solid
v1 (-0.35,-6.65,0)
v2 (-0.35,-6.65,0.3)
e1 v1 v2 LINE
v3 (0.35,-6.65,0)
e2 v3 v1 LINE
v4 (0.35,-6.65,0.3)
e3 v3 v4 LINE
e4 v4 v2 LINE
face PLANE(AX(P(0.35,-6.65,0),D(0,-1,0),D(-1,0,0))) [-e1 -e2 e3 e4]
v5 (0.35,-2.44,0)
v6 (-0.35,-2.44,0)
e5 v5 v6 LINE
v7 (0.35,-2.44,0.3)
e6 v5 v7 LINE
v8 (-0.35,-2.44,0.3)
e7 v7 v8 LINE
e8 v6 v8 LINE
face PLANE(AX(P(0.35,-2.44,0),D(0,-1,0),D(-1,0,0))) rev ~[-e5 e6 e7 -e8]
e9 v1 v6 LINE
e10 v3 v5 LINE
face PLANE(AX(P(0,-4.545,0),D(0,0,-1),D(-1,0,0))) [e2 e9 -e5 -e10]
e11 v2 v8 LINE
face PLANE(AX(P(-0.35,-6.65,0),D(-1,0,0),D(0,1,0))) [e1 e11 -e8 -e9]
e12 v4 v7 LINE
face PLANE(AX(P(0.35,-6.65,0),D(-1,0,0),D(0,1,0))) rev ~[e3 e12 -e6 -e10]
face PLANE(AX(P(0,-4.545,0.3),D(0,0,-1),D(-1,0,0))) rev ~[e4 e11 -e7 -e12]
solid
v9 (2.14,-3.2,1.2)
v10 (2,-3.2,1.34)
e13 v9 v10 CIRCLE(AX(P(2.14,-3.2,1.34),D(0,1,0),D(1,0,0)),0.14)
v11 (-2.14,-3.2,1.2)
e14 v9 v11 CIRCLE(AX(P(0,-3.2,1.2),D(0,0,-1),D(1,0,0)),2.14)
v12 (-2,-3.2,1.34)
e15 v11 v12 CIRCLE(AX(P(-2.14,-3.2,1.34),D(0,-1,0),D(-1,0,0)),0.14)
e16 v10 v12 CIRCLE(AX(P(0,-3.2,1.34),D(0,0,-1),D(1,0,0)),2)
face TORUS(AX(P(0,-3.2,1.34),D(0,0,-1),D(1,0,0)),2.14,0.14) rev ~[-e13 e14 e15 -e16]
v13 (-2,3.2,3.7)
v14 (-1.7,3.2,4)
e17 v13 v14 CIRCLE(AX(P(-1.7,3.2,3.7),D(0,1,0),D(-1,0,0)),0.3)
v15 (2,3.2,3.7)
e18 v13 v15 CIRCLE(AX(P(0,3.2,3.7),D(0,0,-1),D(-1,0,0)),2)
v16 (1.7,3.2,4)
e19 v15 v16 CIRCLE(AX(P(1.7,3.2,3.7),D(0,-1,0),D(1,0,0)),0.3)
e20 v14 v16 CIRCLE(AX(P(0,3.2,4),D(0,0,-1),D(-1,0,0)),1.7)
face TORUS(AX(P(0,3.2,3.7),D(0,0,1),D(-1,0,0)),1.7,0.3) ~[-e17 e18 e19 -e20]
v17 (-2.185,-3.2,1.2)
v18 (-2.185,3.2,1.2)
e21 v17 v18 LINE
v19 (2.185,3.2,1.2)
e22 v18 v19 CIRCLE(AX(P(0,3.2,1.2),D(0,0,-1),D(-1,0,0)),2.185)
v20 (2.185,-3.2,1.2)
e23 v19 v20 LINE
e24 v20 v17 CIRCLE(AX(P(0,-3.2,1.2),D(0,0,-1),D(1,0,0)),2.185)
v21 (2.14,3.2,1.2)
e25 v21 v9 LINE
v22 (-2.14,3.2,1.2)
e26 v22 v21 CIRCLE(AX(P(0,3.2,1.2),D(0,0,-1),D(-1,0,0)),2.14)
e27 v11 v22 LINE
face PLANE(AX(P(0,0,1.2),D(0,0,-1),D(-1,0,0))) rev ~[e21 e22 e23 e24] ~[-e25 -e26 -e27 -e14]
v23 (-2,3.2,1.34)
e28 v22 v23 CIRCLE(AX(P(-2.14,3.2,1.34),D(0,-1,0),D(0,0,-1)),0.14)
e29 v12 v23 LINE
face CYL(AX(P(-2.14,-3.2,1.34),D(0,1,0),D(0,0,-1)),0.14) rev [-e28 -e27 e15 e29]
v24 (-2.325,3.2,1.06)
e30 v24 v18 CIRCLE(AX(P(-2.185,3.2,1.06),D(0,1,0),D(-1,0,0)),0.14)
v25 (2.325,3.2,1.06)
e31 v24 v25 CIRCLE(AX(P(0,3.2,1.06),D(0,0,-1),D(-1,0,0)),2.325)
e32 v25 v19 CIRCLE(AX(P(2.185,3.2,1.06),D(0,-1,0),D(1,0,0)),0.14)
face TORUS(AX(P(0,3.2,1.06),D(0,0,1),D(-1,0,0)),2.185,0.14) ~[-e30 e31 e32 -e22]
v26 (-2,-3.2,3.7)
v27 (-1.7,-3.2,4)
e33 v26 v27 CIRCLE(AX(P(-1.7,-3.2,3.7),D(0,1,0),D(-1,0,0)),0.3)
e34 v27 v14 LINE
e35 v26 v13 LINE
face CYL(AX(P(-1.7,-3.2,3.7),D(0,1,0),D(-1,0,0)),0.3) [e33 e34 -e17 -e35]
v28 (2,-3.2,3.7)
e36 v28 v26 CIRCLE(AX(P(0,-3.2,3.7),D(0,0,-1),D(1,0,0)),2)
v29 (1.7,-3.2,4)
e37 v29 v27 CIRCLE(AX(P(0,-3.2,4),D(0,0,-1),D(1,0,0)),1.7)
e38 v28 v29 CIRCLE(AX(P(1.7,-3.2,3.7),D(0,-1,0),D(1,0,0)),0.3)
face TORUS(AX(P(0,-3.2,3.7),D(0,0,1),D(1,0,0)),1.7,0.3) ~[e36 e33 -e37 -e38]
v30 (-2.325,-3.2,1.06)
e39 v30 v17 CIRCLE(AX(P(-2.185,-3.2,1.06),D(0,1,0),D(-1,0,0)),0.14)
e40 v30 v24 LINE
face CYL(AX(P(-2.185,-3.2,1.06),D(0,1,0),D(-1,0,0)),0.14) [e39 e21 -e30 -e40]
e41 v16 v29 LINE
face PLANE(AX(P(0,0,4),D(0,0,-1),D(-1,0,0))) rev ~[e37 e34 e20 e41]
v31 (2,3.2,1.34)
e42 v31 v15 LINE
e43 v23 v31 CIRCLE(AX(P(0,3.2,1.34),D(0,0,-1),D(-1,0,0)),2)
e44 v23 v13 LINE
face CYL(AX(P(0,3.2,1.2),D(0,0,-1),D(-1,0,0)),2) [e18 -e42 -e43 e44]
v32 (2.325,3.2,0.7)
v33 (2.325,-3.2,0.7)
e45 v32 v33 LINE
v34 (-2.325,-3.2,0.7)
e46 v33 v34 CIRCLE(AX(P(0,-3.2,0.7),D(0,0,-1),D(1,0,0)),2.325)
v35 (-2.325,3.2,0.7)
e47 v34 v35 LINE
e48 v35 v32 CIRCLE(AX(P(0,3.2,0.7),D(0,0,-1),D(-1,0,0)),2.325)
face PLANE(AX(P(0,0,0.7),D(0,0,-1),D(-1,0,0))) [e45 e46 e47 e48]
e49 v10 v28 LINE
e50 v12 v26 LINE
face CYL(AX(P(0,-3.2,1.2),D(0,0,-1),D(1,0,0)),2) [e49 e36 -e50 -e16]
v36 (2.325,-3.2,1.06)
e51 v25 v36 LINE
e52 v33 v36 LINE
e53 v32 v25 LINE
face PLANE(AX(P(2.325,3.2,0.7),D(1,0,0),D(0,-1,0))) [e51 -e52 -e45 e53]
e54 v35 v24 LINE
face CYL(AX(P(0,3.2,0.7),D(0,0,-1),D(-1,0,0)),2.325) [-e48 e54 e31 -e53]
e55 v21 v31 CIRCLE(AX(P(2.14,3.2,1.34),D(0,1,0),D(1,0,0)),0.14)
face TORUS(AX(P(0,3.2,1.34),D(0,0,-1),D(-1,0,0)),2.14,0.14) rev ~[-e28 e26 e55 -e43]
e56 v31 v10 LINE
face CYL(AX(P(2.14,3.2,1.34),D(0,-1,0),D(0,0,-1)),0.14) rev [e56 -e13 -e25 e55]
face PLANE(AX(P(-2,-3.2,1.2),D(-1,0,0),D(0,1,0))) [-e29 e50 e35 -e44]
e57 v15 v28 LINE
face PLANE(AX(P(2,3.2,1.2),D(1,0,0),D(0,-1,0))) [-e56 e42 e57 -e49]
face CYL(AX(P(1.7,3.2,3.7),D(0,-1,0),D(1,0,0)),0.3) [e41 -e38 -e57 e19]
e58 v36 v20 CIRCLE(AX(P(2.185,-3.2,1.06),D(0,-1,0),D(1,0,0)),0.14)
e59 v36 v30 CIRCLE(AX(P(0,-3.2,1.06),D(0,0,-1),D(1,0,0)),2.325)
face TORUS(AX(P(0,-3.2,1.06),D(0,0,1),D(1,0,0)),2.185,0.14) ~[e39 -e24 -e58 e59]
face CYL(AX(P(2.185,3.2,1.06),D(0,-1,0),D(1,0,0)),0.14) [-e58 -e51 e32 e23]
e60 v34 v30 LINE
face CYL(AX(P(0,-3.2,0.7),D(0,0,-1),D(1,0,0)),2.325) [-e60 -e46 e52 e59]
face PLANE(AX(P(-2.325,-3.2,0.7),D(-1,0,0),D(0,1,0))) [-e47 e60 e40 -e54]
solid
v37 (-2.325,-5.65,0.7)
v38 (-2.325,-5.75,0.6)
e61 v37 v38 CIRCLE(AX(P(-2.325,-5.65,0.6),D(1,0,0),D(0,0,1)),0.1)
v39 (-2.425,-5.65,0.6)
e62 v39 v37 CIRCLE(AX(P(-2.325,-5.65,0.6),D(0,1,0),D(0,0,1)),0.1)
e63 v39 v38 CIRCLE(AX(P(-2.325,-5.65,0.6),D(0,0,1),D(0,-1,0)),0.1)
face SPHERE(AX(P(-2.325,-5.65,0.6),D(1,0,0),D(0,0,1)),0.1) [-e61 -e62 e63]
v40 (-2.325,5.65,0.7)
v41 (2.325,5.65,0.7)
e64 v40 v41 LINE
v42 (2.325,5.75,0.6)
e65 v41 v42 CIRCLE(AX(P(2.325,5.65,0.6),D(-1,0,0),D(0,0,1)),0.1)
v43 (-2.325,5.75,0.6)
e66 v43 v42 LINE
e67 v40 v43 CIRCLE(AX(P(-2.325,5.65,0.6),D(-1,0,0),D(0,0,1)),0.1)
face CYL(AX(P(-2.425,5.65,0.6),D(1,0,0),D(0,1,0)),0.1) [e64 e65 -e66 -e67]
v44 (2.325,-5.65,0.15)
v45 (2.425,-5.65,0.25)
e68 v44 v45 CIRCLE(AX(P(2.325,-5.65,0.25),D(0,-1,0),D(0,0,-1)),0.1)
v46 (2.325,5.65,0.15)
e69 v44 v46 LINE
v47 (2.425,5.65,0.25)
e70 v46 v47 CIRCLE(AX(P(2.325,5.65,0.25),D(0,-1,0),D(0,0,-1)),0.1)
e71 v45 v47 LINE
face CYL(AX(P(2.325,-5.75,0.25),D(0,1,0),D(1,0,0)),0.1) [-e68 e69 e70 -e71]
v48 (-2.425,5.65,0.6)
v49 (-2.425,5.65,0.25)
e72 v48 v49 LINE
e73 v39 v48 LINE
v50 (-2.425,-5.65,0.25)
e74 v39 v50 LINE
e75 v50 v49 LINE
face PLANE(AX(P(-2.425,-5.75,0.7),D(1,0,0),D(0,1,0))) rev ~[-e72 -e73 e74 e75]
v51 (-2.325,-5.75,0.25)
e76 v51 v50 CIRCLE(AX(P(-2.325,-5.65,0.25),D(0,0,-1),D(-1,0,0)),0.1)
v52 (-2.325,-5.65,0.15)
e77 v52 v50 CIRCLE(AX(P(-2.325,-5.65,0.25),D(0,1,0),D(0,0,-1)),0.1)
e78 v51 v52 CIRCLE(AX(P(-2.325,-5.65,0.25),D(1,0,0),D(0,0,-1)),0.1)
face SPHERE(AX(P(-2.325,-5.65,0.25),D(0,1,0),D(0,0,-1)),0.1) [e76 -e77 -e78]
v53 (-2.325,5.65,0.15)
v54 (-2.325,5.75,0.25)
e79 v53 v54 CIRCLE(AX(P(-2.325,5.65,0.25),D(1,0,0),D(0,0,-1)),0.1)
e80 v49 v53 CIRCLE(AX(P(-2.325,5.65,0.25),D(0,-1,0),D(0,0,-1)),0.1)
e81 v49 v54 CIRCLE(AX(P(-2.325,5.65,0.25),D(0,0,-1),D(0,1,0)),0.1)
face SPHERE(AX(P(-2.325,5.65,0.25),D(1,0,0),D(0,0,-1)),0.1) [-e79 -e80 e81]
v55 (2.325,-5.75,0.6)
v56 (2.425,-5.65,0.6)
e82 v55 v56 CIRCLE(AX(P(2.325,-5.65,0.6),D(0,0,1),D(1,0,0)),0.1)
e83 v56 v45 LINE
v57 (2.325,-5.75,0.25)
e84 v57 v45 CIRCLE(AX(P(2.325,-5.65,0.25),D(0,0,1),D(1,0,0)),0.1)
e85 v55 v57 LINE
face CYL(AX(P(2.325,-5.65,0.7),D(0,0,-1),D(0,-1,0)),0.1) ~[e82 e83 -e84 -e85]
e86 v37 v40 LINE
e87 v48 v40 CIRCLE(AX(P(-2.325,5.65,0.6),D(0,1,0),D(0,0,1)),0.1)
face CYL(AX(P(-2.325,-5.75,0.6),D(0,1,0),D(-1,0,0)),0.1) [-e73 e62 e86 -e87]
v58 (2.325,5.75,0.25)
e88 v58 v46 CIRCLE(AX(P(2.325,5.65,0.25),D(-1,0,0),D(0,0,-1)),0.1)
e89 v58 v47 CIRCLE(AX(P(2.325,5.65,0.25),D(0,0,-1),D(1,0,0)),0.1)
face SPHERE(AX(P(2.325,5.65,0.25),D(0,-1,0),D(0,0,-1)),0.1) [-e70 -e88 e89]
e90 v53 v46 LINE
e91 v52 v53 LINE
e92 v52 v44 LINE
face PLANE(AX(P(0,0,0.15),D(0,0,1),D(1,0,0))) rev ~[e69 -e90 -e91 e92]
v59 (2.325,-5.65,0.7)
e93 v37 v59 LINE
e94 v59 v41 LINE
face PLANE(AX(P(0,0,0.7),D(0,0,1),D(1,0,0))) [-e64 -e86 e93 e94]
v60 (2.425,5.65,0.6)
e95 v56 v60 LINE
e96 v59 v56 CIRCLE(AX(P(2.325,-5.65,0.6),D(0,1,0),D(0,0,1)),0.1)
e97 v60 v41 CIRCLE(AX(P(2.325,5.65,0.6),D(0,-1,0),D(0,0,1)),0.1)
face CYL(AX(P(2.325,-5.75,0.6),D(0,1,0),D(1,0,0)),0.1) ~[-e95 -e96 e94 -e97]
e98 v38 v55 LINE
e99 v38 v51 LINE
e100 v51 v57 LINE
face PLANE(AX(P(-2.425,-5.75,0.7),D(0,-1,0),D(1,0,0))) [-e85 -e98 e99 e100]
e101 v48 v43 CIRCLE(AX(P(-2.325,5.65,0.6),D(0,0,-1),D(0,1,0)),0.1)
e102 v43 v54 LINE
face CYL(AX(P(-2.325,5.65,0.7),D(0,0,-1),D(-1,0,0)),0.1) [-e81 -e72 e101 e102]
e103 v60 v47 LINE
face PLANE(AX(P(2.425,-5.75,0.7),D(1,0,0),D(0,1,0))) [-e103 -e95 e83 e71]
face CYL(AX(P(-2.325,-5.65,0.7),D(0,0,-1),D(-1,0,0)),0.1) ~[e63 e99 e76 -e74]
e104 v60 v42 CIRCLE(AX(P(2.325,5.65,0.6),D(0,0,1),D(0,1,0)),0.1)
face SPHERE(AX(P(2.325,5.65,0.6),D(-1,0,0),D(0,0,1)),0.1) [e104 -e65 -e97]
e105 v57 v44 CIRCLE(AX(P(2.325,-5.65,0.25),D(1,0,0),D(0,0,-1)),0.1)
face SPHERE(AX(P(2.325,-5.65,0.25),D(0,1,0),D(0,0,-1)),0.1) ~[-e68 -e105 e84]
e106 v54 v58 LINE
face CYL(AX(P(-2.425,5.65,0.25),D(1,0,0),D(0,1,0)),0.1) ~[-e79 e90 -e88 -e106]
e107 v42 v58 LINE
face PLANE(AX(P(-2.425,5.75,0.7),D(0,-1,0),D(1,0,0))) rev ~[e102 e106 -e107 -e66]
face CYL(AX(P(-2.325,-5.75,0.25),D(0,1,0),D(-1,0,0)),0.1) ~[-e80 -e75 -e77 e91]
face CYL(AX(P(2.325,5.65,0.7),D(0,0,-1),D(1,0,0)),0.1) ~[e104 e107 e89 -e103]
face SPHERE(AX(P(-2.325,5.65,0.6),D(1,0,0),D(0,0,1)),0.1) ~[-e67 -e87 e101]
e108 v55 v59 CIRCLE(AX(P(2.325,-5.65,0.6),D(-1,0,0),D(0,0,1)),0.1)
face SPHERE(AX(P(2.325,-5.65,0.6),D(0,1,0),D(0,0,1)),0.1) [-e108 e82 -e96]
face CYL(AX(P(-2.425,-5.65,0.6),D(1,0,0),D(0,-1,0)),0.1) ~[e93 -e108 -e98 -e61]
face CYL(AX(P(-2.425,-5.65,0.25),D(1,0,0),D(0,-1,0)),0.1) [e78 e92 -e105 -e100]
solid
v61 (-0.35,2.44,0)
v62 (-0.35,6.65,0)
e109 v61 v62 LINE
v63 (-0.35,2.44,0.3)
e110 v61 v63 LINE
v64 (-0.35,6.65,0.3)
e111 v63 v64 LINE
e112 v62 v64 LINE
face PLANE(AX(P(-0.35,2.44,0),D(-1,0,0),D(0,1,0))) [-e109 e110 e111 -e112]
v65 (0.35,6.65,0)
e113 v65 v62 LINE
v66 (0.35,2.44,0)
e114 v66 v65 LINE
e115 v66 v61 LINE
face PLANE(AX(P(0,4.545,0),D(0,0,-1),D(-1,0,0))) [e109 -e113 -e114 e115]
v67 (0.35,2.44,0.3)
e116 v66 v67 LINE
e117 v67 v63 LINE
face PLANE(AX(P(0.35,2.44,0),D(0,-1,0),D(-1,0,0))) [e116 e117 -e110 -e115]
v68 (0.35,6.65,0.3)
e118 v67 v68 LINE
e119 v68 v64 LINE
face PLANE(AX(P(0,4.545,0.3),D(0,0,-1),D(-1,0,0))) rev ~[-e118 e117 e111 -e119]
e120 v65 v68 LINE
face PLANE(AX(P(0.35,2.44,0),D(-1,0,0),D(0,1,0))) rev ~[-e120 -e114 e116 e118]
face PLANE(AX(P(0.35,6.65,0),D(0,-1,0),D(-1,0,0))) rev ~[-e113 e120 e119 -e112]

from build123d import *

# Parameters (mm, degrees)
BOSS_EXTRUDE1_START = 0.7
BOSS_EXTRUDE1_DEPTH = 0.5
BOSS_EXTRUDE2_DEPTH = 2.8
FILLET2_R           = 0.14
FILLET_3_R          = 0.3
SKETCH_3_W          = 4.85
SKETCH_3_H          = 11.5
EXTRUDE_3_DEPTH     = 0.55
FILLET_4_R          = 0.1
SKETCH_1_W          = 0.7
SKETCH_1_H          = 4.21
EXTRUDE_4_DEPTH     = 0.3
EXTRUDE_4_2_DEPTH   = 0.3


with BuildPart() as part:
    # Sketch2 → Boss-Extrude1 (new body)
    with BuildSketch(Plane.XY.offset(BOSS_EXTRUDE1_START)):
        with BuildLine():
            Line((2.325, 3.2), (2.325, -3.2))
            ThreePointArc((2.325, -3.2), (0, -5.525), (-2.325, -3.2))
            Line((-2.325, -3.2), (-2.325, 3.2))
            ThreePointArc((-2.325, 3.2), (0, 5.525), (2.325, 3.2))
        make_face()
    extrude(amount=BOSS_EXTRUDE1_DEPTH)

    # Sketch3 → Boss-Extrude2 (add)
    with BuildSketch(Plane.XY.offset(1.2)):
        with BuildLine():
            Line((-2, -3.2), (-2, 3.2))
            ThreePointArc((-2, 3.2), (0, 5.2), (2, 3.2))
            Line((2, 3.2), (2, -3.2))
            ThreePointArc((2, -3.2), (0, -5.2), (-2, -3.2))
        make_face()
    extrude(amount=BOSS_EXTRUDE2_DEPTH)

    # Fillet2
    fillet2_edges = [part.edges().sort_by_distance(p)[0] for p in [
        (0, -5.525, 1.2),
        (2.325, 0, 1.2),
        (0, -5.2, 1.2),
        (2, 0, 1.2),
        (0, 5.2, 1.2),
        (-2, 0, 1.2),
        (0, 5.525, 1.2),
        (-2.325, 0, 1.2),
    ]]
    fillet(fillet2_edges, radius=FILLET2_R)

    # Скругление3
    fillet_3_edges = [part.edges().sort_by_distance(p)[0] for p in [
        (0, -5.2, 4),
        (2, 0, 4),
        (0, 5.2, 4),
        (-2, 0, 4),
    ]]
    fillet(fillet_3_edges, radius=FILLET_3_R)


with BuildPart() as body_2:
    # Эскиз3 → Бобышка-Вытянуть3 (new body)
    with BuildSketch(Plane.XY.offset(0.7)):
        Rectangle(SKETCH_3_W, SKETCH_3_H)
    extrude(amount=-EXTRUDE_3_DEPTH)

    # Скругление4
    fillet_4_edges = [body_2.edges().sort_by_distance(p)[0] for p in [
        (2.425, 0, 0.15),
        (0, 5.75, 0.15),
        (-2.425, 0, 0.15),
        (0, 5.75, 0.7),
        (2.425, 0, 0.7),
        (0, -5.75, 0.7),
        (-2.425, 0, 0.7),
        (0, -5.75, 0.15),
        (-2.425, 5.75, 0.425),
        (2.425, 5.75, 0.425),
        (2.425, -5.75, 0.425),
        (-2.425, -5.75, 0.425),
    ]]
    fillet(fillet_4_edges, radius=FILLET_4_R)


with BuildPart() as body_3:
    # Эскиз1 → Бобышка-Вытянуть4 (new body)
    with BuildSketch(Plane(origin=(0, 0, 0), x_dir=(-1, 0, 0), z_dir=(0, 0, -1))):
        with Locations((0, -4.545)):
            Rectangle(SKETCH_1_W, SKETCH_1_H)
    extrude(amount=-EXTRUDE_4_DEPTH)


with BuildPart() as body_4:
    # Эскиз1 → Extrude 4 2 (new body)
    with BuildSketch(Plane(origin=(0, 0, 0), x_dir=(-1, 0, 0), z_dir=(0, 0, -1))):
        with Locations((0, 4.545)):
            Rectangle(SKETCH_1_W, SKETCH_1_H)
    extrude(amount=-EXTRUDE_4_2_DEPTH)


solid = Compound([part.part, body_2.part, body_3.part, body_4.part])
